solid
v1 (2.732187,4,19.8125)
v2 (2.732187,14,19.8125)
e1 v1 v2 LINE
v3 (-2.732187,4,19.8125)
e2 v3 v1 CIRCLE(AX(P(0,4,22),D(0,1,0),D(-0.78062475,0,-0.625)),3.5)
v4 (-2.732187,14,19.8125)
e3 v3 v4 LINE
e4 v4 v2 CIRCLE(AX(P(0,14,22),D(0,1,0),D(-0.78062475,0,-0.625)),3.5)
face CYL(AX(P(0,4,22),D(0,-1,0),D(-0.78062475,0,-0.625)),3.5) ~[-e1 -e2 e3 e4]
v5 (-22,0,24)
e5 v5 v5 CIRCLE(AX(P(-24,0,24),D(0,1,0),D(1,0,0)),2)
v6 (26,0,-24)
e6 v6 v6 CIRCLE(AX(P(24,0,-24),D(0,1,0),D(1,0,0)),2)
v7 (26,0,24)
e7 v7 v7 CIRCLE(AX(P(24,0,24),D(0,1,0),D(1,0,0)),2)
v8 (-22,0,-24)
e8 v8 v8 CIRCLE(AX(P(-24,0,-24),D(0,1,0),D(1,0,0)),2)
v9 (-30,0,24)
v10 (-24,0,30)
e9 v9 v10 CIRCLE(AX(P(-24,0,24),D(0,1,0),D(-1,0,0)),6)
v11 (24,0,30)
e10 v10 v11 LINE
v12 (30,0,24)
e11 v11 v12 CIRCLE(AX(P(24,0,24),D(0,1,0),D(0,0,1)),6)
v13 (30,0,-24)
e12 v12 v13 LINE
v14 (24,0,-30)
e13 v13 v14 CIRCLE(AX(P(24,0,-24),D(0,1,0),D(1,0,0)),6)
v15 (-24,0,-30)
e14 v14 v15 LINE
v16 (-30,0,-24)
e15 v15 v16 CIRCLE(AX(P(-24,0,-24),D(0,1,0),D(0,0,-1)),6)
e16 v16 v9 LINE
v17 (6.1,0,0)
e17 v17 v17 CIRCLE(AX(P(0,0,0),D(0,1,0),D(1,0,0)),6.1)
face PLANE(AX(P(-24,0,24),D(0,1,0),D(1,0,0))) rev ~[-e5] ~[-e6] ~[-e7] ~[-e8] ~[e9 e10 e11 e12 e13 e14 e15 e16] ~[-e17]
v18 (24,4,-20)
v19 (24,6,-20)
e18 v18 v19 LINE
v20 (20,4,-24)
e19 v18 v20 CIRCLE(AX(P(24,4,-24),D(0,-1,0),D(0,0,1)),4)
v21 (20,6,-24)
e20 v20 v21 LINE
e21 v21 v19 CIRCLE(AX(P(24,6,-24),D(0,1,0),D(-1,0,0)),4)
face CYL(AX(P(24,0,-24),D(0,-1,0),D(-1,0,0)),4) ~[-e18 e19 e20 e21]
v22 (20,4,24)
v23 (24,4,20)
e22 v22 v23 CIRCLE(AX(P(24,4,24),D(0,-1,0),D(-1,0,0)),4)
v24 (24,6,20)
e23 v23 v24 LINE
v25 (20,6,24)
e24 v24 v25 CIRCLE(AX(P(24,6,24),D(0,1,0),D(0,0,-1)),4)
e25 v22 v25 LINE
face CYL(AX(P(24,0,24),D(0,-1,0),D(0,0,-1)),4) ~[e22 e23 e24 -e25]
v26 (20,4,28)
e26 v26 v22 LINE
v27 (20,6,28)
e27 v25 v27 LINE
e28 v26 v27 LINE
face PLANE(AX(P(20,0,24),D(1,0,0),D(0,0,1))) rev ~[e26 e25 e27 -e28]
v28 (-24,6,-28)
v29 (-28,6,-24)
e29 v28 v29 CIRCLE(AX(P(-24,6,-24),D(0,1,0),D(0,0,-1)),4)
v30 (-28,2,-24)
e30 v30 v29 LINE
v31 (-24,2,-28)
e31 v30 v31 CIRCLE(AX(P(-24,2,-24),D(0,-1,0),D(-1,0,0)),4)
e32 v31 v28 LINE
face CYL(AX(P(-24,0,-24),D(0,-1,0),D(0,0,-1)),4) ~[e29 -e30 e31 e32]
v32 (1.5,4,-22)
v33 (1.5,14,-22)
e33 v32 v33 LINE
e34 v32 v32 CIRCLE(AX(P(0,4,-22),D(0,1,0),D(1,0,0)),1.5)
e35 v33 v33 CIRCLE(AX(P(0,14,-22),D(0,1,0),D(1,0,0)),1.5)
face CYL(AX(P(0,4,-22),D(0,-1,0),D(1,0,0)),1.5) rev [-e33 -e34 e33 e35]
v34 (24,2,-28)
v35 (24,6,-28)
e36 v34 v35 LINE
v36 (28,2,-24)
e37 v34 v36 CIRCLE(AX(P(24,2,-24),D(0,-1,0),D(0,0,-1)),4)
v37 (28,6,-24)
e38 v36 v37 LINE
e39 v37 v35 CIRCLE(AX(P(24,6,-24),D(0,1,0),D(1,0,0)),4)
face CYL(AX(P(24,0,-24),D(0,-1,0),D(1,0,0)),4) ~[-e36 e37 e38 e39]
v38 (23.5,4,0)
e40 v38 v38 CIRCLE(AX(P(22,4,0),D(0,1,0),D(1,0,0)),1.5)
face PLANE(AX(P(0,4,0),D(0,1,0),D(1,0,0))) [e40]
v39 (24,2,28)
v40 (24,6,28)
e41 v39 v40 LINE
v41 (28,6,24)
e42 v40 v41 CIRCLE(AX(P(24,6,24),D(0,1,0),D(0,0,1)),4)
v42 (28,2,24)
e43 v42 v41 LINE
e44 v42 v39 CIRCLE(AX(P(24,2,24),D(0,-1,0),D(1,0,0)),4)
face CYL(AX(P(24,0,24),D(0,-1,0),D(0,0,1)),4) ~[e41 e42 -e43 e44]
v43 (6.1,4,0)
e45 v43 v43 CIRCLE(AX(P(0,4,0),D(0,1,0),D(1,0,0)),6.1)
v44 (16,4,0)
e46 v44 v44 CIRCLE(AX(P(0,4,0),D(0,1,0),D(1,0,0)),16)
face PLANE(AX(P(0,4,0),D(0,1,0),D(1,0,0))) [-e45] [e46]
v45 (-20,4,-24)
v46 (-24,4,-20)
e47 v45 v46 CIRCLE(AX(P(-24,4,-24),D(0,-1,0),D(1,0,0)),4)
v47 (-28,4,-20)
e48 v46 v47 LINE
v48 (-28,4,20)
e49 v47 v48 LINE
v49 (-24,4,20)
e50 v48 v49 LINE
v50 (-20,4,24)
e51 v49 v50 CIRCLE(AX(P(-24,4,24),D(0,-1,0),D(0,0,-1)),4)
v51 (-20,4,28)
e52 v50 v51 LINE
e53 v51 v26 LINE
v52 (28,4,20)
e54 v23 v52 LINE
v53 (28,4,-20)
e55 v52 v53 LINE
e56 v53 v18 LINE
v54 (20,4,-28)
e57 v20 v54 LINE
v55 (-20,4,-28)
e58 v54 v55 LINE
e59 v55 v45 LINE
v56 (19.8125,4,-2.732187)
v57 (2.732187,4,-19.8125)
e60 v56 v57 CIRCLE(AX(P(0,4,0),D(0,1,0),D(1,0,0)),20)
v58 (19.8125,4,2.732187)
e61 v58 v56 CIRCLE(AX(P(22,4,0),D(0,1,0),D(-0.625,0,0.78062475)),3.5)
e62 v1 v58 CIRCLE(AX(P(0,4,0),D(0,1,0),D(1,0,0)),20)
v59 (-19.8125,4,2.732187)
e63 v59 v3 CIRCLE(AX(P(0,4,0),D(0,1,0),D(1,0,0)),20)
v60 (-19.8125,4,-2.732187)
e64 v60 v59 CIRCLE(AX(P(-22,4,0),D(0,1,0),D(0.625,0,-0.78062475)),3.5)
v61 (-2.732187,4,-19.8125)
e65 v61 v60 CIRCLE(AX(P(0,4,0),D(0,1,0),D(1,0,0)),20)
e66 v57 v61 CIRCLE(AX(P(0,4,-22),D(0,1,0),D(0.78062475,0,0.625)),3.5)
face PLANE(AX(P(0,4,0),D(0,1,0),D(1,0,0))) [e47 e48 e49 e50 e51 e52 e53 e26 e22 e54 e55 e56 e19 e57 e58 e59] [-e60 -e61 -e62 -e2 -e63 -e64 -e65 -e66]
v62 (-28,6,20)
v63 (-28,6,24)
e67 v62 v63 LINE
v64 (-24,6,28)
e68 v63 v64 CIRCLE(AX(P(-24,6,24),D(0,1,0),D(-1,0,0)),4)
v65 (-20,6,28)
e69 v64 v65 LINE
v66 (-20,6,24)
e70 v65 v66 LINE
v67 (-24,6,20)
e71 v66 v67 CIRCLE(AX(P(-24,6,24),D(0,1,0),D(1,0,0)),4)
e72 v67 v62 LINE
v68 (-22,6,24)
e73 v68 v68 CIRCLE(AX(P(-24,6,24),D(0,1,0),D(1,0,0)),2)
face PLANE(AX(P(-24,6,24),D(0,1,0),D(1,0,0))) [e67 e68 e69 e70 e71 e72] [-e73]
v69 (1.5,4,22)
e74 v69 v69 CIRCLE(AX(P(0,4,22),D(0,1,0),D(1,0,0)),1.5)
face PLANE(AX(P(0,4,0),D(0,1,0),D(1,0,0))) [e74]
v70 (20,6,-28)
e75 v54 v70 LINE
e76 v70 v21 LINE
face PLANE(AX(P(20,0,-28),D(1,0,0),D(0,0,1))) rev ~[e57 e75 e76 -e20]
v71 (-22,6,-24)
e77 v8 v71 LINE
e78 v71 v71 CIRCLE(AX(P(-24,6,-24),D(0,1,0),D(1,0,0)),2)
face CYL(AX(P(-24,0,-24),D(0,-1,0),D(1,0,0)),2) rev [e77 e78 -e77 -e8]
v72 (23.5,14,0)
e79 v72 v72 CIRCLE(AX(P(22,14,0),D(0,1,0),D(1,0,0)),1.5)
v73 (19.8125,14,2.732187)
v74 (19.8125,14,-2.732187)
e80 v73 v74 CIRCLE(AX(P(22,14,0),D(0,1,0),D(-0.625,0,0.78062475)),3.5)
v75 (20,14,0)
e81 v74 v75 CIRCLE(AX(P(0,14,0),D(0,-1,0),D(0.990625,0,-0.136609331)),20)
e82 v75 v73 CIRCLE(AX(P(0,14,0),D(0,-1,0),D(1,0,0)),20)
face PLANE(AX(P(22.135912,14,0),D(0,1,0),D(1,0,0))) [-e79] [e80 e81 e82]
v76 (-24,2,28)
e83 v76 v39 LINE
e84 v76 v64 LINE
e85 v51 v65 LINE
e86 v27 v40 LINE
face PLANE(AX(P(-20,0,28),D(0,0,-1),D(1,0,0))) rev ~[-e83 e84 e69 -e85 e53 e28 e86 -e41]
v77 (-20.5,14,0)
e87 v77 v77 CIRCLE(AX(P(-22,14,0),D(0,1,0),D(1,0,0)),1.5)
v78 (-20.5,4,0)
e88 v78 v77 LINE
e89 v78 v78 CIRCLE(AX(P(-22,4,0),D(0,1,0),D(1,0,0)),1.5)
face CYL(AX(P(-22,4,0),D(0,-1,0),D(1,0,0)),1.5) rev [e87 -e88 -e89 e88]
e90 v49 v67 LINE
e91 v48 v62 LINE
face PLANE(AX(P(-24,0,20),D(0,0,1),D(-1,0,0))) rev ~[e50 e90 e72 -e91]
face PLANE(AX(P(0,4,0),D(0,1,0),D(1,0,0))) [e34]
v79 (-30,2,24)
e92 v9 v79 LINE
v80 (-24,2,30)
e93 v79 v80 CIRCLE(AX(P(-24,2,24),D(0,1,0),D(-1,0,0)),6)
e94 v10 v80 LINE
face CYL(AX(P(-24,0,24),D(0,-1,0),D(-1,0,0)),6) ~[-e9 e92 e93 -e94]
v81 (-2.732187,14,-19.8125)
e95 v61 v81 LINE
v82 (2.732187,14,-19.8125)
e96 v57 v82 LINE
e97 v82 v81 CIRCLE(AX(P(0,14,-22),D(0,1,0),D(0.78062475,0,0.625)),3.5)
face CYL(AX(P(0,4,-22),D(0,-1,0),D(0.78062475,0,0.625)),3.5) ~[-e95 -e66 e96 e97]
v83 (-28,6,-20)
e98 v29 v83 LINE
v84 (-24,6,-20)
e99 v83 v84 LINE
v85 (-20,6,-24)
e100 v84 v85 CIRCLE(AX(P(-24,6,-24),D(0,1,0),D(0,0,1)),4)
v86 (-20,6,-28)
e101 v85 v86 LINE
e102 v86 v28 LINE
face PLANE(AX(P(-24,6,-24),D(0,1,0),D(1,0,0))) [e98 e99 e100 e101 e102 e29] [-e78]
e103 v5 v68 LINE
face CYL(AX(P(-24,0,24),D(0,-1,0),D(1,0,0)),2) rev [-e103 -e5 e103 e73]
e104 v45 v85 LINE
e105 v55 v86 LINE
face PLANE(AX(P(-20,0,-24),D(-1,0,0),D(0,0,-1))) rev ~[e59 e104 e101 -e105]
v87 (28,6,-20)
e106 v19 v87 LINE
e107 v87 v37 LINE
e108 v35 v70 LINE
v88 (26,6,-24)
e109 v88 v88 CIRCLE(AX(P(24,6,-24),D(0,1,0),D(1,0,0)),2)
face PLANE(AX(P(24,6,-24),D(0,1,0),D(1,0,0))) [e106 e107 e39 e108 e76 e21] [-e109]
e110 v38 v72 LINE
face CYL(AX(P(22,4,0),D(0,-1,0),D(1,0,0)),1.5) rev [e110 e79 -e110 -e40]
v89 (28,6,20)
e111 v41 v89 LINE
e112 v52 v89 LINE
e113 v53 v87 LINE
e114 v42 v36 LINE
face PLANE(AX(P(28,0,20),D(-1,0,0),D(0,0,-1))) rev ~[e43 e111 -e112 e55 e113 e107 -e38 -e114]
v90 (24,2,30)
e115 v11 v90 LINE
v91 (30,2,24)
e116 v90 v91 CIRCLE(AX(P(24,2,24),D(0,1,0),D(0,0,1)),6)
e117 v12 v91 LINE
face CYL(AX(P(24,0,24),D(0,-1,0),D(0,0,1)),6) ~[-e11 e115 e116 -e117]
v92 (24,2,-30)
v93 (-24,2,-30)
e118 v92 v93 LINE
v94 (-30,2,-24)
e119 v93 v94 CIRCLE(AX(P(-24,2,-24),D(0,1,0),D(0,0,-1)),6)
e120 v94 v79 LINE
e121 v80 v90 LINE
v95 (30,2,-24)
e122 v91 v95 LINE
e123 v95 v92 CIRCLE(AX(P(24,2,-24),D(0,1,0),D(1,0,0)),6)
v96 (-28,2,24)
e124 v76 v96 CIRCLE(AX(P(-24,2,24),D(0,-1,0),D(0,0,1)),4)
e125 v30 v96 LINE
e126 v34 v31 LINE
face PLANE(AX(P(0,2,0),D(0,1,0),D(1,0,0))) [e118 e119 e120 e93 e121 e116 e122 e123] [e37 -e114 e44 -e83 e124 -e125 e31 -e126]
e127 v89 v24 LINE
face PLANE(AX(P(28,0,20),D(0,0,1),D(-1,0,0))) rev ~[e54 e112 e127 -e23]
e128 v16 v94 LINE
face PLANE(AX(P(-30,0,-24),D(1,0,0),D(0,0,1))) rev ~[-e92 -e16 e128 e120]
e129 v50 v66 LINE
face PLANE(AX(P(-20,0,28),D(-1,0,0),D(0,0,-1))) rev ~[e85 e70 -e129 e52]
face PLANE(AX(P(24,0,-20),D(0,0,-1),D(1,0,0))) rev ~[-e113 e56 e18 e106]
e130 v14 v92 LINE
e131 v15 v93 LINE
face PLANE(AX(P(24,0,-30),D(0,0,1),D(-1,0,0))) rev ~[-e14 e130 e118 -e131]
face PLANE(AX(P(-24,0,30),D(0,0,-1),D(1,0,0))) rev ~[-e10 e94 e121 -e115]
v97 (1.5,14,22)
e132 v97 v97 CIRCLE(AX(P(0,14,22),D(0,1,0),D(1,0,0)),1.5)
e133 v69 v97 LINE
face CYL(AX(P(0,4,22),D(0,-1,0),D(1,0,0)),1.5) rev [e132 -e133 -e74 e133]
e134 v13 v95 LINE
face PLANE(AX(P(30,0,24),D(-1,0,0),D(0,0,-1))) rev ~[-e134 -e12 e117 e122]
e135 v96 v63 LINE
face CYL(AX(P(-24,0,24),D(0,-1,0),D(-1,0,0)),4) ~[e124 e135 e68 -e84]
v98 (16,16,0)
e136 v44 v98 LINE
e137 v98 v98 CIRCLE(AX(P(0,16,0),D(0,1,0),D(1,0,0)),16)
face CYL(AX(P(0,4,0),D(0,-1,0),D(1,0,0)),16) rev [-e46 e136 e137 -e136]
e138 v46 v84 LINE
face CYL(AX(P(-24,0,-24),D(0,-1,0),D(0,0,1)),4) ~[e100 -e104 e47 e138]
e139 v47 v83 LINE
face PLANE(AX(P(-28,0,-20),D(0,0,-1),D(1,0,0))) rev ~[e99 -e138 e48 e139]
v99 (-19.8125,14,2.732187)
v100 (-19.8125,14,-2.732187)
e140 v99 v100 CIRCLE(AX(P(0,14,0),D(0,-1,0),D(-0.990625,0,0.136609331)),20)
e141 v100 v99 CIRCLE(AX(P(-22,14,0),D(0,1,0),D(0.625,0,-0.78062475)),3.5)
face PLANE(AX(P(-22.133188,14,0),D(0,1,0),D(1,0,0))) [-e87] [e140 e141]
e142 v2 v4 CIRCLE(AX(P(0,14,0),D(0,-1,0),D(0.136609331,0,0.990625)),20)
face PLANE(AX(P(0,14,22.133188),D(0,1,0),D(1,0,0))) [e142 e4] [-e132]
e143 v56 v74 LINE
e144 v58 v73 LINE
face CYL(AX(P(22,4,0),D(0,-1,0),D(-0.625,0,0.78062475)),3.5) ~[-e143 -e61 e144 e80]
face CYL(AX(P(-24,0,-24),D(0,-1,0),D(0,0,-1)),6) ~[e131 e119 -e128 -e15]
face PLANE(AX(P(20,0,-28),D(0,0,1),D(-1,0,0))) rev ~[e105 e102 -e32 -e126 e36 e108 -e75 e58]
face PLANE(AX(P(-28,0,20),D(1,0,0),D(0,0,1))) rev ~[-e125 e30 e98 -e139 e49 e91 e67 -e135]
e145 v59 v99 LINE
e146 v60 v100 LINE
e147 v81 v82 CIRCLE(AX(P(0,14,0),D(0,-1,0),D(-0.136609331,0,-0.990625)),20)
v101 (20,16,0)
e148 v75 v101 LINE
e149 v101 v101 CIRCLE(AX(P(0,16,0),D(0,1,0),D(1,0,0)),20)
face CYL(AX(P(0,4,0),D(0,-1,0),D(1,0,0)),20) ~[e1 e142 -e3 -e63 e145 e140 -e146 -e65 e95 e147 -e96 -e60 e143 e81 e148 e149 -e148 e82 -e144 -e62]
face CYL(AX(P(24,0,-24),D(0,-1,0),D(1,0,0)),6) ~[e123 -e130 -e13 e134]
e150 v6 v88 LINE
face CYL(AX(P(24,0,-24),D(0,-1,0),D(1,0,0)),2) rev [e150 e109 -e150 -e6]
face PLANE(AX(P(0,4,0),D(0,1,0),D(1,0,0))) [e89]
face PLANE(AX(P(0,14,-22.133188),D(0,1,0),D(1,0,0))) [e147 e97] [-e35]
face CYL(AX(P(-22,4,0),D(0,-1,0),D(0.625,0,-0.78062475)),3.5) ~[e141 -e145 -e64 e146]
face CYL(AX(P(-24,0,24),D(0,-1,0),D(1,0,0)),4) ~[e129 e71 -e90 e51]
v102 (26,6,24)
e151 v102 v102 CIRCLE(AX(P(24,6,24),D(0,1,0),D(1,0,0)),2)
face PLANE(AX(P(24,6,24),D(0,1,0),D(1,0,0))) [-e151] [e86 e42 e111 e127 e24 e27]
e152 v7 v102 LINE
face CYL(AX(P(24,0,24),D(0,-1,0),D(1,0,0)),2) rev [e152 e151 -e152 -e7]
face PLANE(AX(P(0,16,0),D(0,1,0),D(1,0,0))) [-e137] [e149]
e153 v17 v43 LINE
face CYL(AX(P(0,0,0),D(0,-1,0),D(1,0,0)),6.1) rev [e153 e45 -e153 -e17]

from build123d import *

# Parameters (mm, degrees)
SKETCH1_R           = 6.1
BOSS_EXTRUDE1_DEPTH = 4
BOSS_EXTRUDE2_START = 4
SKETCH1_3_R         = 20
SKETCH1_3_R_2       = 16
BOSS_EXTRUDE2_DEPTH = 12
BOSS_EXTRUDE3_DEPTH = 2
SKETCH1_5_R         = 2
BOSS_EXTRUDE4_DEPTH = 6
BOSS_EXTRUDE5_START = 4
SKETCH1_6_R         = 1.5
BOSS_EXTRUDE5_DEPTH = 10


with BuildPart() as part:
    # Sketch1 → Boss-Extrude1 (new body)
    with BuildSketch(Plane(origin=(0, 0, 0), x_dir=(1, 0, 0), z_dir=(0, 1, 0))):
        with BuildLine():
            Line((-24, 20), (-28, 20))
            Line((-28, 20), (-28, -20))
            Line((-28, -20), (-24, -20))
            ThreePointArc((-24, -20), (-21.171572875, -21.171572875), (-20, -24))
            Line((-20, -24), (-20, -28))
            Line((-20, -28), (20, -28))
            Line((20, -28), (20, -24))
            ThreePointArc((20, -24), (21.171572875, -21.171572875), (24, -20))
            Line((24, -20), (28, -20))
            Line((28, -20), (28, 20))
            Line((28, 20), (24, 20))
            ThreePointArc((24, 20), (21.171572875, 21.171572875), (20, 24))
            Line((20, 24), (20, 28))
            Line((20, 28), (-20, 28))
            Line((-20, 28), (-20, 24))
            ThreePointArc((-20, 24), (-21.171572875, 21.171572875), (-24, 20))
        make_face()
        Circle(SKETCH1_R, mode=Mode.SUBTRACT)
    extrude(amount=BOSS_EXTRUDE1_DEPTH)

    # Sketch1_3 → Boss-Extrude2 (add)
    with BuildSketch(Plane(origin=(0, 0, 0), x_dir=(1, 0, 0), z_dir=(0, 1, 0)).offset(BOSS_EXTRUDE2_START)):
        Circle(SKETCH1_3_R)
        Circle(SKETCH1_3_R_2, mode=Mode.SUBTRACT)
    extrude(amount=BOSS_EXTRUDE2_DEPTH)

    # Sketch1_4 → Boss-Extrude3 (add)
    with BuildSketch(Plane(origin=(0, 0, 0), x_dir=(1, 0, 0), z_dir=(0, 1, 0))):
        with BuildLine():
            Line((24, 30), (-24, 30))
            ThreePointArc((-24, 30), (-28.242640687, 28.242640687), (-30, 24))
            Line((-30, 24), (-30, -24))
            ThreePointArc((-30, -24), (-28.242640687, -28.242640687), (-24, -30))
            Line((-24, -30), (24, -30))
            ThreePointArc((24, -30), (28.242640687, -28.242640687), (30, -24))
            Line((30, -24), (30, 24))
            ThreePointArc((30, 24), (28.242640687, 28.242640687), (24, 30))
        make_face()
        with BuildLine():
            Line((-28, 20), (-28, 24))
            ThreePointArc((-28, 24), (-26.828427125, 26.828427125), (-24, 28))
            Line((-24, 28), (-20, 28))
            Line((-20, 28), (20, 28))
            Line((20, 28), (24, 28))
            ThreePointArc((24, 28), (26.828427125, 26.828427125), (28, 24))
            Line((28, 24), (28, 20))
            Line((28, 20), (28, -20))
            Line((28, -20), (28, -24))
            ThreePointArc((28, -24), (26.828427125, -26.828427125), (24, -28))
            Line((24, -28), (20, -28))
            Line((20, -28), (-20, -28))
            Line((-20, -28), (-24, -28))
            ThreePointArc((-24, -28), (-26.828427125, -26.828427125), (-28, -24))
            Line((-28, -24), (-28, -20))
            Line((-28, -20), (-28, 20))
        make_face(mode=Mode.SUBTRACT)
    extrude(amount=BOSS_EXTRUDE3_DEPTH)

    # Sketch1_5 → Boss-Extrude4 (add)
    with BuildSketch(Plane(origin=(0, 0, 0), x_dir=(1, 0, 0), z_dir=(0, 1, 0))):
        with BuildLine():
            Line((-24, -20), (-28, -20))
            Line((-28, -20), (-28, -24))
            ThreePointArc((-28, -24), (-26.828427125, -26.828427125), (-24, -28))
            Line((-24, -28), (-20, -28))
            Line((-20, -28), (-20, -24))
            ThreePointArc((-20, -24), (-21.171572875, -21.171572875), (-24, -20))
        make_face()
        with Locations((-24, -24)):
            Circle(SKETCH1_5_R, mode=Mode.SUBTRACT)
        with BuildLine():
            Line((20, -24), (20, -28))
            Line((20, -28), (24, -28))
            ThreePointArc((24, -28), (26.828427125, -26.828427125), (28, -24))
            Line((28, -24), (28, -20))
            Line((28, -20), (24, -20))
            ThreePointArc((24, -20), (21.171572875, -21.171572875), (20, -24))
        make_face()
        with Locations((24, -24)):
            Circle(SKETCH1_5_R, mode=Mode.SUBTRACT)
        with BuildLine():
            Line((24, 28), (20, 28))
            Line((20, 28), (20, 24))
            ThreePointArc((20, 24), (21.171572875, 21.171572875), (24, 20))
            Line((24, 20), (28, 20))
            Line((28, 20), (28, 24))
            ThreePointArc((28, 24), (26.828427125, 26.828427125), (24, 28))
        make_face()
        with Locations((24, 24)):
            Circle(SKETCH1_5_R, mode=Mode.SUBTRACT)
        with BuildLine():
            ThreePointArc((-24, 28), (-26.828427125, 26.828427125), (-28, 24))
            Line((-28, 24), (-28, 20))
            Line((-28, 20), (-24, 20))
            ThreePointArc((-24, 20), (-21.171572875, 21.171572875), (-20, 24))
            Line((-20, 24), (-20, 28))
            Line((-20, 28), (-24, 28))
        make_face()
        with Locations((-24, 24)):
            Circle(SKETCH1_5_R, mode=Mode.SUBTRACT)
    extrude(amount=BOSS_EXTRUDE4_DEPTH)

    # Sketch1_6 → Boss-Extrude5 (add)
    with BuildSketch(Plane(origin=(0, 0, 0), x_dir=(1, 0, 0), z_dir=(0, 1, 0)).offset(BOSS_EXTRUDE5_START)):
        with BuildLine():
            ThreePointArc((-2.732186624, -19.8125), (0, -25.5), (2.732186624, -19.8125))
            ThreePointArc((2.732186624, -19.8125), (0, -20), (-2.732186624, -19.8125))
        make_face()
        with Locations((0, -22)):
            Circle(SKETCH1_6_R, mode=Mode.SUBTRACT)
        with BuildLine():
            ThreePointArc((-19.8125, -2.732186624), (-20, 0), (-19.8125, 2.732186624))
            ThreePointArc((-19.8125, 2.732186624), (-25.5, 0), (-19.8125, -2.732186624))
        make_face()
        with Locations((-22, 0)):
            Circle(SKETCH1_6_R, mode=Mode.SUBTRACT)
        with BuildLine():
            ThreePointArc((-2.732186624, 19.8125), (0, 20), (2.732186624, 19.8125))
            ThreePointArc((2.732186624, 19.8125), (0, 25.5), (-2.732186624, 19.8125))
        make_face()
        with Locations((0, 22)):
            Circle(SKETCH1_6_R, mode=Mode.SUBTRACT)
        with BuildLine():
            ThreePointArc((19.8125, 2.732186624), (19.953069939, 1.369306394), (20, 0))
            ThreePointArc((20, 0), (19.953069939, -1.369306394), (19.8125, -2.732186624))
            ThreePointArc((19.8125, -2.732186624), (25.5, 0), (19.8125, 2.732186624))
        make_face()
        with Locations((22, 0)):
            Circle(SKETCH1_6_R, mode=Mode.SUBTRACT)
    extrude(amount=BOSS_EXTRUDE5_DEPTH)


solid = part.part
